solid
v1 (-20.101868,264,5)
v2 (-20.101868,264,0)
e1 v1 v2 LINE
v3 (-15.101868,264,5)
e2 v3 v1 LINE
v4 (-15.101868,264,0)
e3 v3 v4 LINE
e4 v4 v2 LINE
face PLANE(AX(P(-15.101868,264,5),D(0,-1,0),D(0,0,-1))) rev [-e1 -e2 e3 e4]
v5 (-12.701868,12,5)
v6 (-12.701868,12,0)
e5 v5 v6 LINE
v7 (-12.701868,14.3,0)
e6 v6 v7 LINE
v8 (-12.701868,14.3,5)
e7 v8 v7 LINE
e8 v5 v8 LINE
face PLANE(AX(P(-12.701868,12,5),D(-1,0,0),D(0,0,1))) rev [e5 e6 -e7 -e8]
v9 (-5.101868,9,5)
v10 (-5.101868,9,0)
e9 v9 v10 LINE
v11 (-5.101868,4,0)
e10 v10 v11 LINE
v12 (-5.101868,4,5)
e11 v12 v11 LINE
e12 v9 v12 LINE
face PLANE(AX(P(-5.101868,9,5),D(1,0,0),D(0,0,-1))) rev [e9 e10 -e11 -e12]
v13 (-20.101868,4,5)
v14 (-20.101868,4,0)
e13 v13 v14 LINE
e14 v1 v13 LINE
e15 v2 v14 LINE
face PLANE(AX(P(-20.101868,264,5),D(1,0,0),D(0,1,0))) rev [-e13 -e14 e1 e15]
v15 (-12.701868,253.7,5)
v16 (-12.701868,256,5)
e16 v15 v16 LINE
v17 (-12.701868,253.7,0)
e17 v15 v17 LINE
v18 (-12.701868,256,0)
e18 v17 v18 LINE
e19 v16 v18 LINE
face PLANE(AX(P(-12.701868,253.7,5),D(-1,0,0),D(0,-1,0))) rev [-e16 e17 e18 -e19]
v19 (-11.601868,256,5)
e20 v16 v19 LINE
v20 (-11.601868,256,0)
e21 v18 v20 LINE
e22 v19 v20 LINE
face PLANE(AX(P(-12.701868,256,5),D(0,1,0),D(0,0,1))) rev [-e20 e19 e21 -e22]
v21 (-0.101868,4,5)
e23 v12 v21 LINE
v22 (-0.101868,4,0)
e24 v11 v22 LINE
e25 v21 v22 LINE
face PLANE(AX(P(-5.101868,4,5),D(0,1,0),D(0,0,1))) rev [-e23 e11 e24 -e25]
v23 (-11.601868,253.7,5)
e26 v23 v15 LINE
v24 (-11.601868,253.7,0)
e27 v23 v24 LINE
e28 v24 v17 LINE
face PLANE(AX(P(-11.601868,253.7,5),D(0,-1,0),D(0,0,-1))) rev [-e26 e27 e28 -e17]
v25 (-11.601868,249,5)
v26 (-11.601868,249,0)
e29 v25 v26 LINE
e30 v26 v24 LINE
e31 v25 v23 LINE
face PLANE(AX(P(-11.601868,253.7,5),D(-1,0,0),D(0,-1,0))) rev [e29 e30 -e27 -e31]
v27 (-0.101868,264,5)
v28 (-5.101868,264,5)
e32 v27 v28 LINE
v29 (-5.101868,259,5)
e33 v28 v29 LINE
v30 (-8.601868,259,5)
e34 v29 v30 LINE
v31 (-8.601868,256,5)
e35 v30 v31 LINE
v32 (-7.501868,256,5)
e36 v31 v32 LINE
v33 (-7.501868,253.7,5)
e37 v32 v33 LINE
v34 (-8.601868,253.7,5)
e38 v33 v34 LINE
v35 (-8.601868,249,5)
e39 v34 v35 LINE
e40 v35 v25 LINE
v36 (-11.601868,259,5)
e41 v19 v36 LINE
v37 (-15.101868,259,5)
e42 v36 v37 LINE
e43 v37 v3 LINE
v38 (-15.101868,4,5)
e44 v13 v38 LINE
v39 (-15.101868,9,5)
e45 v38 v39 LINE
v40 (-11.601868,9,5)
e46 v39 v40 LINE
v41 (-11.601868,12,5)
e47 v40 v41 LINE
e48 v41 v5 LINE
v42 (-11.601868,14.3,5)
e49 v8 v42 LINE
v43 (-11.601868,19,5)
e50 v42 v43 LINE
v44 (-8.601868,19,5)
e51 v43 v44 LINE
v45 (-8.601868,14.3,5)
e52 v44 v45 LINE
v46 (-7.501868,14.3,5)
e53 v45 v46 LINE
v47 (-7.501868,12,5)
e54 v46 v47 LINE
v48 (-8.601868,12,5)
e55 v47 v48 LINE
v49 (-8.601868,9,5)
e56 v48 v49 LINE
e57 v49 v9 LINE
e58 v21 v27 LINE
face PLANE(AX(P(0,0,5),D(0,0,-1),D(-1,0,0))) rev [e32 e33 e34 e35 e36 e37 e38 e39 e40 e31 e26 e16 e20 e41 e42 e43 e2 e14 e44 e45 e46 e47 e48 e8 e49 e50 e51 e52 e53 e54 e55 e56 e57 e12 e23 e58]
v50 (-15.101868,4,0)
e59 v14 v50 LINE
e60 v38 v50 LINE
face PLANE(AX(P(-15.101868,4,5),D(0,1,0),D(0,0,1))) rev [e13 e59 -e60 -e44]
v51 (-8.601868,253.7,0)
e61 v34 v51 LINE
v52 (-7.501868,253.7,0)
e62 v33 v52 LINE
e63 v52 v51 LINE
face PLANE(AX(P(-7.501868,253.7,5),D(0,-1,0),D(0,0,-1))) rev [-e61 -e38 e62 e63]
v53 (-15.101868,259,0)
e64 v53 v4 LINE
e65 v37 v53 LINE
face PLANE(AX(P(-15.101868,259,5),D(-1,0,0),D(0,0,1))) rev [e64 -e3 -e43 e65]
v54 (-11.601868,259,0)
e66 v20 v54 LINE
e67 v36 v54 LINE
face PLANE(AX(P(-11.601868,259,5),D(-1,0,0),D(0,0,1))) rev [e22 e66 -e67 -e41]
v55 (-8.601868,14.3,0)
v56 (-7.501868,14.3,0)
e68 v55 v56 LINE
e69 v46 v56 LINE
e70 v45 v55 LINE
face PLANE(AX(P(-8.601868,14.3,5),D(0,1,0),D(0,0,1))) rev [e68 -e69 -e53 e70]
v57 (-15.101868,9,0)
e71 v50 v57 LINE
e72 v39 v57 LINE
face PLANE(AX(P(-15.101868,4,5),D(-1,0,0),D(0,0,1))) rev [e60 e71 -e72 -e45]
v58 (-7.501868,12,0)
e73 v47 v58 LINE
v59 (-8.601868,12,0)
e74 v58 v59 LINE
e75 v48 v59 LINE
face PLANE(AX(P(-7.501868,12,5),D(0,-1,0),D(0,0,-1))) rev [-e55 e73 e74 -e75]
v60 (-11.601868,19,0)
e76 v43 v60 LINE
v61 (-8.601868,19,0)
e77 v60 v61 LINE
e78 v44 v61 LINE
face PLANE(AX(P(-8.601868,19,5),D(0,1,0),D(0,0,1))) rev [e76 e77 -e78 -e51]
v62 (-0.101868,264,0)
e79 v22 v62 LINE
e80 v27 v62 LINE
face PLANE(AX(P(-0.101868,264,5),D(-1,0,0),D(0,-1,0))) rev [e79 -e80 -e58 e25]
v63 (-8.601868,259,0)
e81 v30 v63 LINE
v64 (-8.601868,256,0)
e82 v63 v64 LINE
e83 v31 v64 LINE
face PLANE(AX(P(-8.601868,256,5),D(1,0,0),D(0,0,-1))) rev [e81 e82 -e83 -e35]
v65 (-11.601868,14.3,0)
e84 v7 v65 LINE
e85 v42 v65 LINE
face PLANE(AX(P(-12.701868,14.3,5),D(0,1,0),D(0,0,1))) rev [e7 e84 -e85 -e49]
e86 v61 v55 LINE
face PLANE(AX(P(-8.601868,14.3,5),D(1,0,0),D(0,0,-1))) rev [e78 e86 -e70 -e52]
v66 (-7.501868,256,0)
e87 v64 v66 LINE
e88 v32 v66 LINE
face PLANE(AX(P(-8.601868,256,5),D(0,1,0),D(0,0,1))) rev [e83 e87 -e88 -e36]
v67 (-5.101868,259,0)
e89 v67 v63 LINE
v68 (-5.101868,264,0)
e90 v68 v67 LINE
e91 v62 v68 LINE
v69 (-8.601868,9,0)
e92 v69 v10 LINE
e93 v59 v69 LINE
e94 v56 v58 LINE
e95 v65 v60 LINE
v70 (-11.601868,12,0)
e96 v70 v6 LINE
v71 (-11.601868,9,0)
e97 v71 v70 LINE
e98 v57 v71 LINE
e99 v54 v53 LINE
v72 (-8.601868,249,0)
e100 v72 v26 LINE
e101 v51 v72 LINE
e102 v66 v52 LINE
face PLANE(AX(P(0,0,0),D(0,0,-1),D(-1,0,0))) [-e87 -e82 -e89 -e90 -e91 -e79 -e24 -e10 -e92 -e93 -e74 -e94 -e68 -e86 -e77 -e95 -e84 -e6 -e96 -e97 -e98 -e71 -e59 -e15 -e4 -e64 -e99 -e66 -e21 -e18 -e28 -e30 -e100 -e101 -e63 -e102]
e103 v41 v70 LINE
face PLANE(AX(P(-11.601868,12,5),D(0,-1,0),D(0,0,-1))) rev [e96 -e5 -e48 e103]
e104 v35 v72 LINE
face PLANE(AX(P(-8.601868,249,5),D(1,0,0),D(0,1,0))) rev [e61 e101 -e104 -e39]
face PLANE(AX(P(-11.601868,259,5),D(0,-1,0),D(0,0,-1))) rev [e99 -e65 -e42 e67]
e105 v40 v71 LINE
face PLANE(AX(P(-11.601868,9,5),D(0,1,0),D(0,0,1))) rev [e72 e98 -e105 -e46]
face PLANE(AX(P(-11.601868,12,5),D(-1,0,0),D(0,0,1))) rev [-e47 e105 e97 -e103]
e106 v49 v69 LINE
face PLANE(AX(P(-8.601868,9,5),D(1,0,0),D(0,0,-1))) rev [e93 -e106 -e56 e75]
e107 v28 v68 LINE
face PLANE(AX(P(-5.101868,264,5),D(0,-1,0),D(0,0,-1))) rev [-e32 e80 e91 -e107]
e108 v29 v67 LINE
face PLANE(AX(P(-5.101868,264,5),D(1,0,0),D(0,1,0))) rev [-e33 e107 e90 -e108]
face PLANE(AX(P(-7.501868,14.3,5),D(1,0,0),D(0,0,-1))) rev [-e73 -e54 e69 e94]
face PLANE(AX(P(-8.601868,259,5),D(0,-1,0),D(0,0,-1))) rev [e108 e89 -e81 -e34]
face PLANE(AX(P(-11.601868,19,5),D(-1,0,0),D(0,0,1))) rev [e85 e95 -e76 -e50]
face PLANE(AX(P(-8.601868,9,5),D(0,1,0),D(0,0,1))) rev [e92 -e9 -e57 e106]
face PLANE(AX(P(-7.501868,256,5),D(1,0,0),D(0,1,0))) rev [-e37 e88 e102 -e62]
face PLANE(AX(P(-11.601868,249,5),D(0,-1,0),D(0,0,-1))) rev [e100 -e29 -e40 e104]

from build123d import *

# Parameters (mm, degrees)
BOSS_EXTRUDE1_DEPTH = 5


with BuildPart() as part:
    # Sketch1 → Boss-Extrude1 (new body)
    with BuildSketch(Plane.XY):
        Polygon((-11.601867621, 9), (-15.101867621, 9), (-15.101867621, 4), (-20.101867621, 4), (-20.101867621, 9), (-20.101867621, 259), (-20.101867621, 264), (-15.101867621, 264), (-15.101867621, 259), (-11.601867621, 259), (-11.601867621, 256), (-12.701867621, 256), (-12.701867621, 253.7), (-11.601867621, 253.7), (-11.601867621, 249), (-8.601867621, 249), (-8.601867621, 253.7), (-7.501867621, 253.7), (-7.501867621, 256), (-8.601867621, 256), (-8.601867621, 259), (-5.101867621, 259), (-5.101867621, 264), (-0.101867621, 264), (-0.101867621, 259), (-0.101867621, 9), (-0.101867621, 4), (-5.101867621, 4), (-5.101867621, 9), (-8.601867621, 9), (-8.601867621, 12), (-7.501867621, 12), (-7.501867621, 14.3), (-8.601867621, 14.3), (-8.601867621, 19), (-11.601867621, 19), (-11.601867621, 14.3), (-12.701867621, 14.3), (-12.701867621, 12), (-11.601867621, 12), align=None)
    extrude(amount=BOSS_EXTRUDE1_DEPTH)


solid = part.part
